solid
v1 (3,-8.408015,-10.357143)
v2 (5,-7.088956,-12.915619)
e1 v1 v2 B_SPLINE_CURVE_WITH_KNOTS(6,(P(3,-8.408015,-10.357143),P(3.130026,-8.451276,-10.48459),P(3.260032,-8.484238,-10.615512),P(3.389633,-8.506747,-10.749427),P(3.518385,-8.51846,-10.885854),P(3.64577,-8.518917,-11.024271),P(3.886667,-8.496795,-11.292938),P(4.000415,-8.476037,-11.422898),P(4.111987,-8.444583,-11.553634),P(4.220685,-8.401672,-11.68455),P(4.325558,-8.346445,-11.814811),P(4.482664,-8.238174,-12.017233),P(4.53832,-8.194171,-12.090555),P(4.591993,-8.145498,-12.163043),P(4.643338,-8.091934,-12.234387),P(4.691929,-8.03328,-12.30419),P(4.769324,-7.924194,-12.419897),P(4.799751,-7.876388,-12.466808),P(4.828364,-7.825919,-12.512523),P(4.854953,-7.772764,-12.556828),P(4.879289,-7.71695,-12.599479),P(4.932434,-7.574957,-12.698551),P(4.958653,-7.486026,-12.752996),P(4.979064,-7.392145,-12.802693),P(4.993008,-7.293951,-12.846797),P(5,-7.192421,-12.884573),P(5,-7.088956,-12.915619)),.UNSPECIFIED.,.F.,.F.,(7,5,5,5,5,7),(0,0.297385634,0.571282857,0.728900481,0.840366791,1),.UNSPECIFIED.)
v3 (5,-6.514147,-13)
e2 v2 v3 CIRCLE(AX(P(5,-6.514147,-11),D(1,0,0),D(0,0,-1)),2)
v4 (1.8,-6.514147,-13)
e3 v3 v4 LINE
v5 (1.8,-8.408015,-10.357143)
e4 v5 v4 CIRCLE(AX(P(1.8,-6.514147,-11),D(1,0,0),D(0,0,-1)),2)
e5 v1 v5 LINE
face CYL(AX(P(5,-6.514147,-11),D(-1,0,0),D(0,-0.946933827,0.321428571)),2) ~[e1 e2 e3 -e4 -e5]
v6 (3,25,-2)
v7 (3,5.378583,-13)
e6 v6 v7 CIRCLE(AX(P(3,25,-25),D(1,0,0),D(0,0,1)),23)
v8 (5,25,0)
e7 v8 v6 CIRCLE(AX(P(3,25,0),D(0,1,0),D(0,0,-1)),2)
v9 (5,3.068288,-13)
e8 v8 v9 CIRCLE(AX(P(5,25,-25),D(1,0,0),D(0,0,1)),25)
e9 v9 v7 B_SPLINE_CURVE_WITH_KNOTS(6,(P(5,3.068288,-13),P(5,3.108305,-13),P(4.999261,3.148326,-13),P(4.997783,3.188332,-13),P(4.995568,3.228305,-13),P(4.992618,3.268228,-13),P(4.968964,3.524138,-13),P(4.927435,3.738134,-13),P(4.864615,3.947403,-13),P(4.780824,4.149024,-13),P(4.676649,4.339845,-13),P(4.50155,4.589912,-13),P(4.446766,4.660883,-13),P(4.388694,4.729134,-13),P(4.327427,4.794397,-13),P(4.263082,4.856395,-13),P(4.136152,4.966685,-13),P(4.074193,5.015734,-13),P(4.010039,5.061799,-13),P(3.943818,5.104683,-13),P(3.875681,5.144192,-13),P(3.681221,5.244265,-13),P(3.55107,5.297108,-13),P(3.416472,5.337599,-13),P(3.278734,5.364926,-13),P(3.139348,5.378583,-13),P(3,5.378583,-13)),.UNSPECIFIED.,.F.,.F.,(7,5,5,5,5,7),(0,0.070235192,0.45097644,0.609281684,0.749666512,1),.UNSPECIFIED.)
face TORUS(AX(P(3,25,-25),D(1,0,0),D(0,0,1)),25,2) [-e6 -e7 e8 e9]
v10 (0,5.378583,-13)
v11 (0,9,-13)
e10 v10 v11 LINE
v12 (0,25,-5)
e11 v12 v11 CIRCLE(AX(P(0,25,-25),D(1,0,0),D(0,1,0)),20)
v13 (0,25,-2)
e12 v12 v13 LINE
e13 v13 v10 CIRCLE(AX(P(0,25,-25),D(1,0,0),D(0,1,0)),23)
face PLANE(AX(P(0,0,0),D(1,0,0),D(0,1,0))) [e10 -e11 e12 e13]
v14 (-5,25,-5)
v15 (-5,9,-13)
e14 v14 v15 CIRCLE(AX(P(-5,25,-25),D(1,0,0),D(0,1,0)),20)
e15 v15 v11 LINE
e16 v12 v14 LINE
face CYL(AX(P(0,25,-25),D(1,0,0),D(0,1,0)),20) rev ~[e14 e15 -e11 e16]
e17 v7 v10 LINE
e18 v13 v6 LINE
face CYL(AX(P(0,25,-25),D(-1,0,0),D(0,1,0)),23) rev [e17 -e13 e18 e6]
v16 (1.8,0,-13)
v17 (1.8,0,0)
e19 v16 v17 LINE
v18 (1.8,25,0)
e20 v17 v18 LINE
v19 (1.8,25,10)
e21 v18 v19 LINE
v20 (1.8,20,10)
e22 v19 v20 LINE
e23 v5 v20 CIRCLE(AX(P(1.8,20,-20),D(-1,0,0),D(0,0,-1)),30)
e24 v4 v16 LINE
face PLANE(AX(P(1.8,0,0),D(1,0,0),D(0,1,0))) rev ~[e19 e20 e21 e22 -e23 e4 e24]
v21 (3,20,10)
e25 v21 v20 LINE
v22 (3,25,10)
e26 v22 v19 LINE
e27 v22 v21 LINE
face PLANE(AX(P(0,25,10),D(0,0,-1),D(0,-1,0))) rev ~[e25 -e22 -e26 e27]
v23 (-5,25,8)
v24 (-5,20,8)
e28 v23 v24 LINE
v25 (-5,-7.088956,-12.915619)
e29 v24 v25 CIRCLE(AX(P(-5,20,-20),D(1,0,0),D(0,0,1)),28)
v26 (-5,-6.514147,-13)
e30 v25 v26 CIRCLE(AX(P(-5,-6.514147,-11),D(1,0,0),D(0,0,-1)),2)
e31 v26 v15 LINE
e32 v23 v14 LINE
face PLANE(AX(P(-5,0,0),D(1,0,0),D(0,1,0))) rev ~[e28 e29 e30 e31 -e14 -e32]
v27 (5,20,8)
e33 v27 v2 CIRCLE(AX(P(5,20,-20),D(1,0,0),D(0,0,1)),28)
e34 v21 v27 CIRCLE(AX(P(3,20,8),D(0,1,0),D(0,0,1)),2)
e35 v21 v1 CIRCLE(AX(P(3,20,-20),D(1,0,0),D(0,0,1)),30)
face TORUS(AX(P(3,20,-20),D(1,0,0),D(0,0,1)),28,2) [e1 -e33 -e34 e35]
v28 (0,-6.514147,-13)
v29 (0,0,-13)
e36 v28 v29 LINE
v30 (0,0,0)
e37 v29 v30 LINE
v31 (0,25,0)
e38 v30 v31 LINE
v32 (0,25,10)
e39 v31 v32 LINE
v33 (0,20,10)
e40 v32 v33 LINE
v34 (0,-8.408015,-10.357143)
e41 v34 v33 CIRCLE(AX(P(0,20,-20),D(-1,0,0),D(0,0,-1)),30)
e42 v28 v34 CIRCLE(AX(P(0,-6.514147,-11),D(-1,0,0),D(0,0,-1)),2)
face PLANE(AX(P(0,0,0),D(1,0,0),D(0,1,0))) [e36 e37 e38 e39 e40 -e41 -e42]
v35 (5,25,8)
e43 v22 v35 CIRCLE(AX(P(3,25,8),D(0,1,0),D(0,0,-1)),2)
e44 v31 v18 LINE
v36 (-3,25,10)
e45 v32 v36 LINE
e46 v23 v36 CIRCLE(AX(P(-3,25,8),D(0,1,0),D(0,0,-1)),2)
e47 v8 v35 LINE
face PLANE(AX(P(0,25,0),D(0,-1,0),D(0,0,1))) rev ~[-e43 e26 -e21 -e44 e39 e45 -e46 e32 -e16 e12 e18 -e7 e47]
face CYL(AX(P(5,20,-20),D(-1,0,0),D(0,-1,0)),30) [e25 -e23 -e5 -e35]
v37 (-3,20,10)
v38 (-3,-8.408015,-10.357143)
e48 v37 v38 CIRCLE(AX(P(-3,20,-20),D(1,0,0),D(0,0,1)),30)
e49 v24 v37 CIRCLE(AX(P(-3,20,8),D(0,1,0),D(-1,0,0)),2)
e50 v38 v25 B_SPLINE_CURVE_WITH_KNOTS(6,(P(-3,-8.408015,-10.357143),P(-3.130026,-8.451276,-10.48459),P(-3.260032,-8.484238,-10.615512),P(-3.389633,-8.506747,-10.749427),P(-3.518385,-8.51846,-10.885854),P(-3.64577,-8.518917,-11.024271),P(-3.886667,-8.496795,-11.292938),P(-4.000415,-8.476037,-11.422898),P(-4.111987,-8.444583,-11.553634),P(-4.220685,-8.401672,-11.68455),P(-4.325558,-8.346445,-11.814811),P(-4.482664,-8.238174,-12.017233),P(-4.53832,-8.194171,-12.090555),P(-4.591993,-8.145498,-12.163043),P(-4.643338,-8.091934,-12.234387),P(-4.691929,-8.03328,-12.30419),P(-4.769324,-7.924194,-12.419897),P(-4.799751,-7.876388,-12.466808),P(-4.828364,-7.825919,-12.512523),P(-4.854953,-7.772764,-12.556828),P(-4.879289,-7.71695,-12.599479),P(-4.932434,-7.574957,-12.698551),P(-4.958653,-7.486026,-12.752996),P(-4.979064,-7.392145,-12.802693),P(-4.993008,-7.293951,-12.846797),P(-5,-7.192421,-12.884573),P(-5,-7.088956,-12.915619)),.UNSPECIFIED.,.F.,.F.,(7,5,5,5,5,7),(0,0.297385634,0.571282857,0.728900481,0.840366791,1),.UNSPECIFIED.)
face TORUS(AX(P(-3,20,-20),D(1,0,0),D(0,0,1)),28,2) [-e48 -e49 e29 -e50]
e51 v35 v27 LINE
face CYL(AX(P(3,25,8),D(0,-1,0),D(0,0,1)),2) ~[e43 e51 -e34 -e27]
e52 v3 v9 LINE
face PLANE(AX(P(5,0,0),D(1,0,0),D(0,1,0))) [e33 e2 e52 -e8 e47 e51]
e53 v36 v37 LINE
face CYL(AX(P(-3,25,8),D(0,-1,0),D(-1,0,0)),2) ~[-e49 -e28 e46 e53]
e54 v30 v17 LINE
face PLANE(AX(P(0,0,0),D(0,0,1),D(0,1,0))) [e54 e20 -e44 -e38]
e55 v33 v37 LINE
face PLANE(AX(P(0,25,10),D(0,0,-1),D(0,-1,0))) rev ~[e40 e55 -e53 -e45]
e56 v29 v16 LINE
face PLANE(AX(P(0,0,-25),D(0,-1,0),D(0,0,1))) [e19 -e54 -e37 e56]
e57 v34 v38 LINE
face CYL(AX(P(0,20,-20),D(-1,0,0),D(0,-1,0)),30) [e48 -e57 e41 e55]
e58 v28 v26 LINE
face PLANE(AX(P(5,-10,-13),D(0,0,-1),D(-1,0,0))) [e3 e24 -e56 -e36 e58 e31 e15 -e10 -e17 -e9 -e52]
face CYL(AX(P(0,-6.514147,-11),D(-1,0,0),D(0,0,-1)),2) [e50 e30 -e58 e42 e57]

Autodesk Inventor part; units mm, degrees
ref_plane "YZ Plane" through (0, 0, 0) normal (1, 0, 0) x (0, 1, 0)
ref_plane "XZ Plane" through (0, 0, 0) normal (0, 1, 0) x (-1, 0, 0)
ref_plane "XY Plane" through (0, 0, 0) normal (0, 0, 1) x (1, 0, 0)
sketch "Sketch1" plane through (0, 0, 0) normal (1, 0, 0) x (0, 1, 0)
  line L0 (0, 0) -> (50, 0)
  line L1 (50, 0) -> (50, -50)
  line L2 (50, -50) -> (0, -50)
  line L3 (0, -50) -> (0, 0)
  circle A0 centre (25, -25) radius 25
  line L4 (25, 0) -> (25, 10)
  line L5 (25, 10) -> (-10, 10)
  line L6 (-10, 10) -> (-10, -25)
  line L7 (-10, -25) -> (0, -25)
  line L8 (25, 0) -> (25, -25)
  line L9 (25, -25) -> (0, -25)
  circle A1 centre (25, -25) radius 20
  circle A2 centre (25, -25) radius 23
  point P0 (50, -25)
  point P1 (25, -50)
  point P2 (2, -25)
  point P3 (25, -2)
  point P4 (5, -25)
  point P5 (25, -5)
  dimension "d0" = 50
  dimension "d1" = 5
  dimension "d2" = 35
  dimension "d3" = 2
extrude "Extrusion1" add sketch "Sketch1" along normal blind 5 contours L3 L7 L6 L5 L4 L0 | L0 A0 L3 | L8 A2 L9 A0 picked at (1.8931, -17.824)
extrude "Extrusion2" add sketch "Sketch1" against normal blind 5 contours L3 L7 L6 L5 L4 L0 | L0 A0 L3 | L8 A2 L9 A0 | L8 A1 L9 A2 picked at (1.8931, -17.824) picked at (4.6117, -17.075)
extrude "Extrusion3" cut sketch "Sketch1" along normal blind 1.8 contours L3 L7 L6 L5 L4 L0
fillet "Fillet1" radius 30 2 edges at (3.4, -10, 10) (-2.5, -10, 10)
sketch "Sketch2" plane through (5, -10, -25) normal (0, 0, -1) x (-1, 0, 0)
  line L0 (20.3331, 29.5099) -> (-16.8181, 29.5099)
  line L1 (-16.8181, 29.5099) -> (-16.8181, -19.9518)
  line L2 (-16.8181, -19.9518) -> (20.3331, -19.9518)
  line L3 (20.3331, -19.9518) -> (20.3331, 29.5099)
  point P0 (5, 10)
extrude "Extrusion4" cut sketch "Sketch2" against normal blind 12
fillet "Fillet4" radius 2 7 edges at (3.4, -9.1719, -13) (-2.5, -9.1719, -13) (5, 22.5, 10) (5, 1.4258, 3.5584) (-5, 22.5, 10) (-5, 1.4258, 3.5584) (5, 13.7528, -4.9376)
properties part number "ESQUINERO_PUERTAS" material "Steel, Mild, Welded"
